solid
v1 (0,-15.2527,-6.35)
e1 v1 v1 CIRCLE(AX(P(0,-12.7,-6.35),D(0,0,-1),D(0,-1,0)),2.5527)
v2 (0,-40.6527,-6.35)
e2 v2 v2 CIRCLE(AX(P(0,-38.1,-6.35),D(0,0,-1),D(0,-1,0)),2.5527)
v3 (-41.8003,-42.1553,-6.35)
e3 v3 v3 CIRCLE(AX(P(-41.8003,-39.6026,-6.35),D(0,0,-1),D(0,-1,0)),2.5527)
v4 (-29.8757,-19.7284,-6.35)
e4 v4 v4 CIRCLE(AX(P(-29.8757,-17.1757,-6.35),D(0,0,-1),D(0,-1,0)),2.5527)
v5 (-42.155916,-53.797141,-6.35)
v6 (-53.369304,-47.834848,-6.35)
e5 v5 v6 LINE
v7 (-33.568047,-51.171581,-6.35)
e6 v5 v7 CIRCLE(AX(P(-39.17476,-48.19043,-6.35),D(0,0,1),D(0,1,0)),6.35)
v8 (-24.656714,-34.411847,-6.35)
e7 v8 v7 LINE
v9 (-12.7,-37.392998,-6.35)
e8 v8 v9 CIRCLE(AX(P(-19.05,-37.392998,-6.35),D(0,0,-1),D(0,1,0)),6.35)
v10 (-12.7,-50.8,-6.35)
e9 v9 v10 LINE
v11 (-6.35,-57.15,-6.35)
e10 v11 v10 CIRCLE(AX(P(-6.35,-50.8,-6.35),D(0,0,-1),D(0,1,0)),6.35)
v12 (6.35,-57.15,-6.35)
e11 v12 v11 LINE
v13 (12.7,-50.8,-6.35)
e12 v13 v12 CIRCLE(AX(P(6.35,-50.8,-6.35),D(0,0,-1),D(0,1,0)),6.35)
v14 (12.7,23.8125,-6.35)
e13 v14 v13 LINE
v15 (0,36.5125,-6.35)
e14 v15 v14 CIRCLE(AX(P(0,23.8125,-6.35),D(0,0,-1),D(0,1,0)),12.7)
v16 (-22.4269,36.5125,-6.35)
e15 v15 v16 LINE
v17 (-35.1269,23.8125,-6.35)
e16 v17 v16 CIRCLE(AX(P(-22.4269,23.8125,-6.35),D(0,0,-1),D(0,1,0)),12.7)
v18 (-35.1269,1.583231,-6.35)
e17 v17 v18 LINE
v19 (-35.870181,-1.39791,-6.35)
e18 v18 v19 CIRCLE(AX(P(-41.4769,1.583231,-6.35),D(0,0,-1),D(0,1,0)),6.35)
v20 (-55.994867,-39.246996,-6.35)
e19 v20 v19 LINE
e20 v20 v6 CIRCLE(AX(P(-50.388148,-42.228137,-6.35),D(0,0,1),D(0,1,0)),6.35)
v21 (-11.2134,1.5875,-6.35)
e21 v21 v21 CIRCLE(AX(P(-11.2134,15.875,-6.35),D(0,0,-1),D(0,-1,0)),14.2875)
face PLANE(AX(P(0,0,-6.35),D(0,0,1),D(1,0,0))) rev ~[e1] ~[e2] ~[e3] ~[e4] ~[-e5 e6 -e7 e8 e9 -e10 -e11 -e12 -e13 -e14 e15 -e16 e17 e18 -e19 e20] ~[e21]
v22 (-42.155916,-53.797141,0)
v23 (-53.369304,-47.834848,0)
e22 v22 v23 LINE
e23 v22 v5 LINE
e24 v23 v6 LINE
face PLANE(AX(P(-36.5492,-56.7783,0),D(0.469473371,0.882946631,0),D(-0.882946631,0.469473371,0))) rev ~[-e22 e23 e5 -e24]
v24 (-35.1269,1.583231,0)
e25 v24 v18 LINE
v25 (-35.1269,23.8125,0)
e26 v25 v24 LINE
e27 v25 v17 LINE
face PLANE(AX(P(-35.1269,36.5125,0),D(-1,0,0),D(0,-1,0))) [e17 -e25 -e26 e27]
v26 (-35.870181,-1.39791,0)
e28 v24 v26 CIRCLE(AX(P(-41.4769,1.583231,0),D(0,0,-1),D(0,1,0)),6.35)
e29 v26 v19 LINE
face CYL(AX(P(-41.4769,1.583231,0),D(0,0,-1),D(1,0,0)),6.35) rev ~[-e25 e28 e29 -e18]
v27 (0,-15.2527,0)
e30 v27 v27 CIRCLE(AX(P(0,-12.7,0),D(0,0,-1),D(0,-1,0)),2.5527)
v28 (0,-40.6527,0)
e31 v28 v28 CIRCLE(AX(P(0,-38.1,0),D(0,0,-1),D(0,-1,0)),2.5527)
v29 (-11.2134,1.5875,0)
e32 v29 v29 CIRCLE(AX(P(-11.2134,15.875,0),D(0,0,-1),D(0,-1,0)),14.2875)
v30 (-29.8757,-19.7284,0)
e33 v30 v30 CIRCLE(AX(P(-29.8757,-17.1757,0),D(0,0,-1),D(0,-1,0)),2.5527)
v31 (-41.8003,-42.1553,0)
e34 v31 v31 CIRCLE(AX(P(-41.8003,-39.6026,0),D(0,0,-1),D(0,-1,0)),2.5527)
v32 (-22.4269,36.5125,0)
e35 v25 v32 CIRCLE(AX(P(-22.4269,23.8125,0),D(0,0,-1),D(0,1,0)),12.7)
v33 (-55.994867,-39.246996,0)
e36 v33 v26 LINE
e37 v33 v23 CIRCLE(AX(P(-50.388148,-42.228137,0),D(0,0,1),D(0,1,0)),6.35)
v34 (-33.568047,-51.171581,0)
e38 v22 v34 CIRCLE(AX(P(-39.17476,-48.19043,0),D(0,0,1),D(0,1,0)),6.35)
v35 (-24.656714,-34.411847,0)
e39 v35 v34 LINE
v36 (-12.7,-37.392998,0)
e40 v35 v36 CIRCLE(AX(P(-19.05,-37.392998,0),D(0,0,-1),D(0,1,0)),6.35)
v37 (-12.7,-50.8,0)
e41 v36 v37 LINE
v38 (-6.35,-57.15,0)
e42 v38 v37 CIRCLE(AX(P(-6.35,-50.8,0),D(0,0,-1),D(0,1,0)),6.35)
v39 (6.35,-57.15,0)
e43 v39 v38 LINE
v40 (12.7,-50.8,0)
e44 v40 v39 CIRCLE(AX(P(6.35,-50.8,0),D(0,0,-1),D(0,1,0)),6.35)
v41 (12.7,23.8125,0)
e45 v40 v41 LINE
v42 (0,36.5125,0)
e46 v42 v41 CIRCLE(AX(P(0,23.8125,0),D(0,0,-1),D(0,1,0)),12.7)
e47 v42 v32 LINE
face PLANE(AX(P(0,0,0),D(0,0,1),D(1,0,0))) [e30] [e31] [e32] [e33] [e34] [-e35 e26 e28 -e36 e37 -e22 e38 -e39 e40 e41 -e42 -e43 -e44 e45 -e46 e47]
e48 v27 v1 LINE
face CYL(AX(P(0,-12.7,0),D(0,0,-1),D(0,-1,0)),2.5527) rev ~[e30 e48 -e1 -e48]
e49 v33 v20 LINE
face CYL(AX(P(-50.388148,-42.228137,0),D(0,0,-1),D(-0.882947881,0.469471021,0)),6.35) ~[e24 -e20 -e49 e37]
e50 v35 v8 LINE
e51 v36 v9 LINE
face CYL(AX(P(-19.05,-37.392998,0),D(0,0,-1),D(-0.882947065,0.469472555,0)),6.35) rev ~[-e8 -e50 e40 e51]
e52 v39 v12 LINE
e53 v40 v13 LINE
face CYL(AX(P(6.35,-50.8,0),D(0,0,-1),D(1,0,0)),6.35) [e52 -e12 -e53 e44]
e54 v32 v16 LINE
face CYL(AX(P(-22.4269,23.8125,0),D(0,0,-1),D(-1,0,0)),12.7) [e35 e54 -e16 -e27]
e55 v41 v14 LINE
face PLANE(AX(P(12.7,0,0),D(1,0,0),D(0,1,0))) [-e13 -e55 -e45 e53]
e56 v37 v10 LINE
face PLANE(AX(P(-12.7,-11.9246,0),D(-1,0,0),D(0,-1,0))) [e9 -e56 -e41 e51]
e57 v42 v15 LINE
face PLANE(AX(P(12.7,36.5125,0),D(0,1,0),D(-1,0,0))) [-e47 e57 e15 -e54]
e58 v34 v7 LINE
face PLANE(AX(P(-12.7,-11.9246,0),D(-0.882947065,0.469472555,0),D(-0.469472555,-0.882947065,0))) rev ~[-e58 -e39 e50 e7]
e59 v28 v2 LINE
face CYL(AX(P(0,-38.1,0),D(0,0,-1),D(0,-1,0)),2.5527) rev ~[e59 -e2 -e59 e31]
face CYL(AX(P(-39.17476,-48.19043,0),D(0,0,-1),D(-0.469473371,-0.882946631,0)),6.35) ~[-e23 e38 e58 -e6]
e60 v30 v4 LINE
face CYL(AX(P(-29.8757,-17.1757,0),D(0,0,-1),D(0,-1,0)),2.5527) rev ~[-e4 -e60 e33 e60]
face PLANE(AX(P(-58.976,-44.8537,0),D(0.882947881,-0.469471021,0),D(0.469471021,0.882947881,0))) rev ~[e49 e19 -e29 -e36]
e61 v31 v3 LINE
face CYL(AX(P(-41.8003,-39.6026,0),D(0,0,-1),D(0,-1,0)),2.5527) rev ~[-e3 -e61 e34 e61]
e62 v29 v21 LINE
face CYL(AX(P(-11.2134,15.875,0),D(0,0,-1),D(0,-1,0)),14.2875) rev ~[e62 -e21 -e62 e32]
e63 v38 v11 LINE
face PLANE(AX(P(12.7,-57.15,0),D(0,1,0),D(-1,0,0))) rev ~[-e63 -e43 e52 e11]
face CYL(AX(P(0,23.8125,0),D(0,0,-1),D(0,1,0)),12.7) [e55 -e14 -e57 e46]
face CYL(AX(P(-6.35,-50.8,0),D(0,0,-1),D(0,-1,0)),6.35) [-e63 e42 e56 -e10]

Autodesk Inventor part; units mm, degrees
ref_plane "YZ Plane" through (0, 0, 0) normal (1, 0, 0) x (0, 1, 0)
ref_plane "XZ Plane" through (0, 0, 0) normal (0, 1, 0) x (-1, 0, 0)
ref_plane "XY Plane" through (0, 0, 0) normal (0, 0, 1) x (1, 0, 0)
sketch "Sketch1" plane through (0, 0, 0) normal (0, 0, 1) x (1, 0, 0)
  line L0 (-12.7, 0) -> (12.7, 0) construction
  line L1 (12.7, 0) -> (12.7, -57.15)
  line L2 (12.7, -57.15) -> (-12.7, -57.15)
  line L3 (-12.7, -57.15) -> (-12.7, 0) construction
  line L4 (-35.1269, 0) -> (-12.7, -11.9246) construction
  line L5 (-12.7, -11.9246) -> (-36.5492, -56.7783)
  line L6 (-36.5492, -56.7783) -> (-58.976, -44.8537)
  line L7 (-58.976, -44.8537) -> (-35.1269, 0)
  line L8 (-23.9134, -5.9623) -> (-47.7626, -50.816) construction
  line L9 (-35.1269, 0) -> (12.7, 0)
  line L10 (-12.7, -11.9246) -> (-12.7, -57.15)
  point P0 (0, 0)
  point P1 (0, 0)
  point P2 (-29.8757, -17.1757)
  point P3 (-41.8003, -39.6026)
  point P4 (0, -12.7)
  point P5 (0, -38.1)
  dimension "d0" = 25.4
  dimension "d1" = 25.4
  dimension "d2" = 28
  dimension "d3" = 50.8
  dimension "d4" = 25.4
  dimension "d5" = 12.7
  dimension "d6" = 25.4
  dimension "d7" = 12.7
  dimension "d8" = 57.15
extrude "Extrusion1" add sketch "Sketch1" against normal blind 6.35
hole "Hole1" at (-29.8757, -17.1757, 0) at (-41.8003, -39.6026, 0) at (0, -12.7, 0) at (0, -38.1, 0) direction (0, 0, -1) diameter 5.1054 end through all clearance for "Flat Head Machine Screw (82)" size "#10" standard "Ansi Unified Screw Threads"
sketch "Sketch2" plane through (0, 0, 0) normal (0, 0, 1) x (1, 0, 0)
  circle A0 centre (0, -12.7) radius 2.5527 construction
  circle A1 centre (-29.8757, -17.1757) radius 2.5527 construction
  circle A2 centre (-41.8003, -39.6026) radius 2.5527 construction
  circle A3 centre (0, -38.1) radius 2.5527 construction
  line L0 (-12.7, -57.15) -> (12.7, -57.15) construction
  line L1 (12.7, -57.15) -> (12.7, 0) construction
  line L2 (12.7, 0) -> (-35.1269, 0) projected
  line L3 (-35.1269, 0) -> (-58.976, -44.8537) construction
  line L4 (-58.976, -44.8537) -> (-36.5492, -56.7783) construction
  line L5 (-36.5492, -56.7783) -> (-12.7, -11.9246) construction
  line L6 (-12.7, -11.9246) -> (-12.7, -57.15) construction
  circle A4 centre (0, -12.7) radius 2.5527 construction
  circle A5 centre (-29.8757, -17.1757) radius 2.5527 construction
  circle A6 centre (-41.8003, -39.6026) radius 2.5527 construction
  circle A7 centre (0, -38.1) radius 2.5527 construction
  line L7 (12.7, 0) -> (12.7, -57.15) construction
  line L8 (12.7, -57.15) -> (-12.7, -57.15) construction
  line L9 (-12.7, -57.15) -> (-12.7, -11.9246) construction
  line L10 (-36.5492, -56.7783) -> (-58.976, -44.8537) construction
  line L11 (-58.976, -44.8537) -> (-35.1269, 0) construction
  line L12 (-35.1269, 0) -> (12.7, 0) construction
  circle A8 centre (-11.2134, 15.875) radius 14.2875 construction
  line L13 (12.7, 0) -> (-35.1269, 0) construction
  line L14 (-35.1269, 0) -> (-58.976, -44.8537) construction
  circle A9 centre (0, -12.7) radius 2.5527 construction
  circle A10 centre (-29.8757, -17.1757) radius 2.5527 construction
  circle A11 centre (-41.8003, -39.6026) radius 2.5527 construction
  circle A12 centre (0, -38.1) radius 2.5527 construction
  line L15 (12.7, 0) -> (12.7, -57.15) construction
  line L16 (12.7, -57.15) -> (-12.7, -57.15) construction
  line L17 (-12.7, -57.15) -> (-12.7, -11.9246) construction
  line L18 (-36.5492, -56.7783) -> (-58.976, -44.8537) construction
  line L19 (-58.976, -44.8537) -> (-35.1269, 0) construction
  line L20 (-35.1269, 0) -> (12.7, 0) construction
  line L21 (-35.1269, 0) -> (12.7, 0) construction
  line L22 (12.7, 0) -> (12.7, 36.5125)
  line L23 (12.7, 36.5125) -> (-35.1269, 36.5125)
  line L24 (-35.1269, 36.5125) -> (-35.1269, 0)
  line L25 (-12.7, -11.9246) -> (-36.5492, -56.7783) projected
  line L26 (-12.7, -11.9246) -> (-36.5492, -56.7783) projected
  point P0 (0, 0)
  point P1 (-11.2134, 0)
  point P2 (-11.2134, 0)
  point P3 (-11.2134, 30.1625)
  point P4 (-11.2134, 36.5125)
  dimension "d19" = 28.575
  dimension "d20" = 15.875
  dimension "d21" = 6.35
extrude "Extrusion2" add sketch "Sketch2" against normal up to surface (6.35 mm away)
hole "Hole2" at (-11.2134, 15.875, 0) direction (0, 0, -1) diameter 28.575 end through all
fillet "Fillet1" radius 6.35 6 edges at (12.7, -57.15, -3.175) (-12.7, -57.15, -3.175) (-12.7, -11.9246, -3.175) (-36.5492, -56.7783, -3.175) (-58.976, -44.8537, -3.175) (-35.1269, 0, -3.175)
fillet "Fillet2" radius 12.7 2 edges at (-35.1269, 36.5125, -3.175) (12.7, 36.5125, -3.175)
properties part number "CL4-010" material "Aluminum 6061"
